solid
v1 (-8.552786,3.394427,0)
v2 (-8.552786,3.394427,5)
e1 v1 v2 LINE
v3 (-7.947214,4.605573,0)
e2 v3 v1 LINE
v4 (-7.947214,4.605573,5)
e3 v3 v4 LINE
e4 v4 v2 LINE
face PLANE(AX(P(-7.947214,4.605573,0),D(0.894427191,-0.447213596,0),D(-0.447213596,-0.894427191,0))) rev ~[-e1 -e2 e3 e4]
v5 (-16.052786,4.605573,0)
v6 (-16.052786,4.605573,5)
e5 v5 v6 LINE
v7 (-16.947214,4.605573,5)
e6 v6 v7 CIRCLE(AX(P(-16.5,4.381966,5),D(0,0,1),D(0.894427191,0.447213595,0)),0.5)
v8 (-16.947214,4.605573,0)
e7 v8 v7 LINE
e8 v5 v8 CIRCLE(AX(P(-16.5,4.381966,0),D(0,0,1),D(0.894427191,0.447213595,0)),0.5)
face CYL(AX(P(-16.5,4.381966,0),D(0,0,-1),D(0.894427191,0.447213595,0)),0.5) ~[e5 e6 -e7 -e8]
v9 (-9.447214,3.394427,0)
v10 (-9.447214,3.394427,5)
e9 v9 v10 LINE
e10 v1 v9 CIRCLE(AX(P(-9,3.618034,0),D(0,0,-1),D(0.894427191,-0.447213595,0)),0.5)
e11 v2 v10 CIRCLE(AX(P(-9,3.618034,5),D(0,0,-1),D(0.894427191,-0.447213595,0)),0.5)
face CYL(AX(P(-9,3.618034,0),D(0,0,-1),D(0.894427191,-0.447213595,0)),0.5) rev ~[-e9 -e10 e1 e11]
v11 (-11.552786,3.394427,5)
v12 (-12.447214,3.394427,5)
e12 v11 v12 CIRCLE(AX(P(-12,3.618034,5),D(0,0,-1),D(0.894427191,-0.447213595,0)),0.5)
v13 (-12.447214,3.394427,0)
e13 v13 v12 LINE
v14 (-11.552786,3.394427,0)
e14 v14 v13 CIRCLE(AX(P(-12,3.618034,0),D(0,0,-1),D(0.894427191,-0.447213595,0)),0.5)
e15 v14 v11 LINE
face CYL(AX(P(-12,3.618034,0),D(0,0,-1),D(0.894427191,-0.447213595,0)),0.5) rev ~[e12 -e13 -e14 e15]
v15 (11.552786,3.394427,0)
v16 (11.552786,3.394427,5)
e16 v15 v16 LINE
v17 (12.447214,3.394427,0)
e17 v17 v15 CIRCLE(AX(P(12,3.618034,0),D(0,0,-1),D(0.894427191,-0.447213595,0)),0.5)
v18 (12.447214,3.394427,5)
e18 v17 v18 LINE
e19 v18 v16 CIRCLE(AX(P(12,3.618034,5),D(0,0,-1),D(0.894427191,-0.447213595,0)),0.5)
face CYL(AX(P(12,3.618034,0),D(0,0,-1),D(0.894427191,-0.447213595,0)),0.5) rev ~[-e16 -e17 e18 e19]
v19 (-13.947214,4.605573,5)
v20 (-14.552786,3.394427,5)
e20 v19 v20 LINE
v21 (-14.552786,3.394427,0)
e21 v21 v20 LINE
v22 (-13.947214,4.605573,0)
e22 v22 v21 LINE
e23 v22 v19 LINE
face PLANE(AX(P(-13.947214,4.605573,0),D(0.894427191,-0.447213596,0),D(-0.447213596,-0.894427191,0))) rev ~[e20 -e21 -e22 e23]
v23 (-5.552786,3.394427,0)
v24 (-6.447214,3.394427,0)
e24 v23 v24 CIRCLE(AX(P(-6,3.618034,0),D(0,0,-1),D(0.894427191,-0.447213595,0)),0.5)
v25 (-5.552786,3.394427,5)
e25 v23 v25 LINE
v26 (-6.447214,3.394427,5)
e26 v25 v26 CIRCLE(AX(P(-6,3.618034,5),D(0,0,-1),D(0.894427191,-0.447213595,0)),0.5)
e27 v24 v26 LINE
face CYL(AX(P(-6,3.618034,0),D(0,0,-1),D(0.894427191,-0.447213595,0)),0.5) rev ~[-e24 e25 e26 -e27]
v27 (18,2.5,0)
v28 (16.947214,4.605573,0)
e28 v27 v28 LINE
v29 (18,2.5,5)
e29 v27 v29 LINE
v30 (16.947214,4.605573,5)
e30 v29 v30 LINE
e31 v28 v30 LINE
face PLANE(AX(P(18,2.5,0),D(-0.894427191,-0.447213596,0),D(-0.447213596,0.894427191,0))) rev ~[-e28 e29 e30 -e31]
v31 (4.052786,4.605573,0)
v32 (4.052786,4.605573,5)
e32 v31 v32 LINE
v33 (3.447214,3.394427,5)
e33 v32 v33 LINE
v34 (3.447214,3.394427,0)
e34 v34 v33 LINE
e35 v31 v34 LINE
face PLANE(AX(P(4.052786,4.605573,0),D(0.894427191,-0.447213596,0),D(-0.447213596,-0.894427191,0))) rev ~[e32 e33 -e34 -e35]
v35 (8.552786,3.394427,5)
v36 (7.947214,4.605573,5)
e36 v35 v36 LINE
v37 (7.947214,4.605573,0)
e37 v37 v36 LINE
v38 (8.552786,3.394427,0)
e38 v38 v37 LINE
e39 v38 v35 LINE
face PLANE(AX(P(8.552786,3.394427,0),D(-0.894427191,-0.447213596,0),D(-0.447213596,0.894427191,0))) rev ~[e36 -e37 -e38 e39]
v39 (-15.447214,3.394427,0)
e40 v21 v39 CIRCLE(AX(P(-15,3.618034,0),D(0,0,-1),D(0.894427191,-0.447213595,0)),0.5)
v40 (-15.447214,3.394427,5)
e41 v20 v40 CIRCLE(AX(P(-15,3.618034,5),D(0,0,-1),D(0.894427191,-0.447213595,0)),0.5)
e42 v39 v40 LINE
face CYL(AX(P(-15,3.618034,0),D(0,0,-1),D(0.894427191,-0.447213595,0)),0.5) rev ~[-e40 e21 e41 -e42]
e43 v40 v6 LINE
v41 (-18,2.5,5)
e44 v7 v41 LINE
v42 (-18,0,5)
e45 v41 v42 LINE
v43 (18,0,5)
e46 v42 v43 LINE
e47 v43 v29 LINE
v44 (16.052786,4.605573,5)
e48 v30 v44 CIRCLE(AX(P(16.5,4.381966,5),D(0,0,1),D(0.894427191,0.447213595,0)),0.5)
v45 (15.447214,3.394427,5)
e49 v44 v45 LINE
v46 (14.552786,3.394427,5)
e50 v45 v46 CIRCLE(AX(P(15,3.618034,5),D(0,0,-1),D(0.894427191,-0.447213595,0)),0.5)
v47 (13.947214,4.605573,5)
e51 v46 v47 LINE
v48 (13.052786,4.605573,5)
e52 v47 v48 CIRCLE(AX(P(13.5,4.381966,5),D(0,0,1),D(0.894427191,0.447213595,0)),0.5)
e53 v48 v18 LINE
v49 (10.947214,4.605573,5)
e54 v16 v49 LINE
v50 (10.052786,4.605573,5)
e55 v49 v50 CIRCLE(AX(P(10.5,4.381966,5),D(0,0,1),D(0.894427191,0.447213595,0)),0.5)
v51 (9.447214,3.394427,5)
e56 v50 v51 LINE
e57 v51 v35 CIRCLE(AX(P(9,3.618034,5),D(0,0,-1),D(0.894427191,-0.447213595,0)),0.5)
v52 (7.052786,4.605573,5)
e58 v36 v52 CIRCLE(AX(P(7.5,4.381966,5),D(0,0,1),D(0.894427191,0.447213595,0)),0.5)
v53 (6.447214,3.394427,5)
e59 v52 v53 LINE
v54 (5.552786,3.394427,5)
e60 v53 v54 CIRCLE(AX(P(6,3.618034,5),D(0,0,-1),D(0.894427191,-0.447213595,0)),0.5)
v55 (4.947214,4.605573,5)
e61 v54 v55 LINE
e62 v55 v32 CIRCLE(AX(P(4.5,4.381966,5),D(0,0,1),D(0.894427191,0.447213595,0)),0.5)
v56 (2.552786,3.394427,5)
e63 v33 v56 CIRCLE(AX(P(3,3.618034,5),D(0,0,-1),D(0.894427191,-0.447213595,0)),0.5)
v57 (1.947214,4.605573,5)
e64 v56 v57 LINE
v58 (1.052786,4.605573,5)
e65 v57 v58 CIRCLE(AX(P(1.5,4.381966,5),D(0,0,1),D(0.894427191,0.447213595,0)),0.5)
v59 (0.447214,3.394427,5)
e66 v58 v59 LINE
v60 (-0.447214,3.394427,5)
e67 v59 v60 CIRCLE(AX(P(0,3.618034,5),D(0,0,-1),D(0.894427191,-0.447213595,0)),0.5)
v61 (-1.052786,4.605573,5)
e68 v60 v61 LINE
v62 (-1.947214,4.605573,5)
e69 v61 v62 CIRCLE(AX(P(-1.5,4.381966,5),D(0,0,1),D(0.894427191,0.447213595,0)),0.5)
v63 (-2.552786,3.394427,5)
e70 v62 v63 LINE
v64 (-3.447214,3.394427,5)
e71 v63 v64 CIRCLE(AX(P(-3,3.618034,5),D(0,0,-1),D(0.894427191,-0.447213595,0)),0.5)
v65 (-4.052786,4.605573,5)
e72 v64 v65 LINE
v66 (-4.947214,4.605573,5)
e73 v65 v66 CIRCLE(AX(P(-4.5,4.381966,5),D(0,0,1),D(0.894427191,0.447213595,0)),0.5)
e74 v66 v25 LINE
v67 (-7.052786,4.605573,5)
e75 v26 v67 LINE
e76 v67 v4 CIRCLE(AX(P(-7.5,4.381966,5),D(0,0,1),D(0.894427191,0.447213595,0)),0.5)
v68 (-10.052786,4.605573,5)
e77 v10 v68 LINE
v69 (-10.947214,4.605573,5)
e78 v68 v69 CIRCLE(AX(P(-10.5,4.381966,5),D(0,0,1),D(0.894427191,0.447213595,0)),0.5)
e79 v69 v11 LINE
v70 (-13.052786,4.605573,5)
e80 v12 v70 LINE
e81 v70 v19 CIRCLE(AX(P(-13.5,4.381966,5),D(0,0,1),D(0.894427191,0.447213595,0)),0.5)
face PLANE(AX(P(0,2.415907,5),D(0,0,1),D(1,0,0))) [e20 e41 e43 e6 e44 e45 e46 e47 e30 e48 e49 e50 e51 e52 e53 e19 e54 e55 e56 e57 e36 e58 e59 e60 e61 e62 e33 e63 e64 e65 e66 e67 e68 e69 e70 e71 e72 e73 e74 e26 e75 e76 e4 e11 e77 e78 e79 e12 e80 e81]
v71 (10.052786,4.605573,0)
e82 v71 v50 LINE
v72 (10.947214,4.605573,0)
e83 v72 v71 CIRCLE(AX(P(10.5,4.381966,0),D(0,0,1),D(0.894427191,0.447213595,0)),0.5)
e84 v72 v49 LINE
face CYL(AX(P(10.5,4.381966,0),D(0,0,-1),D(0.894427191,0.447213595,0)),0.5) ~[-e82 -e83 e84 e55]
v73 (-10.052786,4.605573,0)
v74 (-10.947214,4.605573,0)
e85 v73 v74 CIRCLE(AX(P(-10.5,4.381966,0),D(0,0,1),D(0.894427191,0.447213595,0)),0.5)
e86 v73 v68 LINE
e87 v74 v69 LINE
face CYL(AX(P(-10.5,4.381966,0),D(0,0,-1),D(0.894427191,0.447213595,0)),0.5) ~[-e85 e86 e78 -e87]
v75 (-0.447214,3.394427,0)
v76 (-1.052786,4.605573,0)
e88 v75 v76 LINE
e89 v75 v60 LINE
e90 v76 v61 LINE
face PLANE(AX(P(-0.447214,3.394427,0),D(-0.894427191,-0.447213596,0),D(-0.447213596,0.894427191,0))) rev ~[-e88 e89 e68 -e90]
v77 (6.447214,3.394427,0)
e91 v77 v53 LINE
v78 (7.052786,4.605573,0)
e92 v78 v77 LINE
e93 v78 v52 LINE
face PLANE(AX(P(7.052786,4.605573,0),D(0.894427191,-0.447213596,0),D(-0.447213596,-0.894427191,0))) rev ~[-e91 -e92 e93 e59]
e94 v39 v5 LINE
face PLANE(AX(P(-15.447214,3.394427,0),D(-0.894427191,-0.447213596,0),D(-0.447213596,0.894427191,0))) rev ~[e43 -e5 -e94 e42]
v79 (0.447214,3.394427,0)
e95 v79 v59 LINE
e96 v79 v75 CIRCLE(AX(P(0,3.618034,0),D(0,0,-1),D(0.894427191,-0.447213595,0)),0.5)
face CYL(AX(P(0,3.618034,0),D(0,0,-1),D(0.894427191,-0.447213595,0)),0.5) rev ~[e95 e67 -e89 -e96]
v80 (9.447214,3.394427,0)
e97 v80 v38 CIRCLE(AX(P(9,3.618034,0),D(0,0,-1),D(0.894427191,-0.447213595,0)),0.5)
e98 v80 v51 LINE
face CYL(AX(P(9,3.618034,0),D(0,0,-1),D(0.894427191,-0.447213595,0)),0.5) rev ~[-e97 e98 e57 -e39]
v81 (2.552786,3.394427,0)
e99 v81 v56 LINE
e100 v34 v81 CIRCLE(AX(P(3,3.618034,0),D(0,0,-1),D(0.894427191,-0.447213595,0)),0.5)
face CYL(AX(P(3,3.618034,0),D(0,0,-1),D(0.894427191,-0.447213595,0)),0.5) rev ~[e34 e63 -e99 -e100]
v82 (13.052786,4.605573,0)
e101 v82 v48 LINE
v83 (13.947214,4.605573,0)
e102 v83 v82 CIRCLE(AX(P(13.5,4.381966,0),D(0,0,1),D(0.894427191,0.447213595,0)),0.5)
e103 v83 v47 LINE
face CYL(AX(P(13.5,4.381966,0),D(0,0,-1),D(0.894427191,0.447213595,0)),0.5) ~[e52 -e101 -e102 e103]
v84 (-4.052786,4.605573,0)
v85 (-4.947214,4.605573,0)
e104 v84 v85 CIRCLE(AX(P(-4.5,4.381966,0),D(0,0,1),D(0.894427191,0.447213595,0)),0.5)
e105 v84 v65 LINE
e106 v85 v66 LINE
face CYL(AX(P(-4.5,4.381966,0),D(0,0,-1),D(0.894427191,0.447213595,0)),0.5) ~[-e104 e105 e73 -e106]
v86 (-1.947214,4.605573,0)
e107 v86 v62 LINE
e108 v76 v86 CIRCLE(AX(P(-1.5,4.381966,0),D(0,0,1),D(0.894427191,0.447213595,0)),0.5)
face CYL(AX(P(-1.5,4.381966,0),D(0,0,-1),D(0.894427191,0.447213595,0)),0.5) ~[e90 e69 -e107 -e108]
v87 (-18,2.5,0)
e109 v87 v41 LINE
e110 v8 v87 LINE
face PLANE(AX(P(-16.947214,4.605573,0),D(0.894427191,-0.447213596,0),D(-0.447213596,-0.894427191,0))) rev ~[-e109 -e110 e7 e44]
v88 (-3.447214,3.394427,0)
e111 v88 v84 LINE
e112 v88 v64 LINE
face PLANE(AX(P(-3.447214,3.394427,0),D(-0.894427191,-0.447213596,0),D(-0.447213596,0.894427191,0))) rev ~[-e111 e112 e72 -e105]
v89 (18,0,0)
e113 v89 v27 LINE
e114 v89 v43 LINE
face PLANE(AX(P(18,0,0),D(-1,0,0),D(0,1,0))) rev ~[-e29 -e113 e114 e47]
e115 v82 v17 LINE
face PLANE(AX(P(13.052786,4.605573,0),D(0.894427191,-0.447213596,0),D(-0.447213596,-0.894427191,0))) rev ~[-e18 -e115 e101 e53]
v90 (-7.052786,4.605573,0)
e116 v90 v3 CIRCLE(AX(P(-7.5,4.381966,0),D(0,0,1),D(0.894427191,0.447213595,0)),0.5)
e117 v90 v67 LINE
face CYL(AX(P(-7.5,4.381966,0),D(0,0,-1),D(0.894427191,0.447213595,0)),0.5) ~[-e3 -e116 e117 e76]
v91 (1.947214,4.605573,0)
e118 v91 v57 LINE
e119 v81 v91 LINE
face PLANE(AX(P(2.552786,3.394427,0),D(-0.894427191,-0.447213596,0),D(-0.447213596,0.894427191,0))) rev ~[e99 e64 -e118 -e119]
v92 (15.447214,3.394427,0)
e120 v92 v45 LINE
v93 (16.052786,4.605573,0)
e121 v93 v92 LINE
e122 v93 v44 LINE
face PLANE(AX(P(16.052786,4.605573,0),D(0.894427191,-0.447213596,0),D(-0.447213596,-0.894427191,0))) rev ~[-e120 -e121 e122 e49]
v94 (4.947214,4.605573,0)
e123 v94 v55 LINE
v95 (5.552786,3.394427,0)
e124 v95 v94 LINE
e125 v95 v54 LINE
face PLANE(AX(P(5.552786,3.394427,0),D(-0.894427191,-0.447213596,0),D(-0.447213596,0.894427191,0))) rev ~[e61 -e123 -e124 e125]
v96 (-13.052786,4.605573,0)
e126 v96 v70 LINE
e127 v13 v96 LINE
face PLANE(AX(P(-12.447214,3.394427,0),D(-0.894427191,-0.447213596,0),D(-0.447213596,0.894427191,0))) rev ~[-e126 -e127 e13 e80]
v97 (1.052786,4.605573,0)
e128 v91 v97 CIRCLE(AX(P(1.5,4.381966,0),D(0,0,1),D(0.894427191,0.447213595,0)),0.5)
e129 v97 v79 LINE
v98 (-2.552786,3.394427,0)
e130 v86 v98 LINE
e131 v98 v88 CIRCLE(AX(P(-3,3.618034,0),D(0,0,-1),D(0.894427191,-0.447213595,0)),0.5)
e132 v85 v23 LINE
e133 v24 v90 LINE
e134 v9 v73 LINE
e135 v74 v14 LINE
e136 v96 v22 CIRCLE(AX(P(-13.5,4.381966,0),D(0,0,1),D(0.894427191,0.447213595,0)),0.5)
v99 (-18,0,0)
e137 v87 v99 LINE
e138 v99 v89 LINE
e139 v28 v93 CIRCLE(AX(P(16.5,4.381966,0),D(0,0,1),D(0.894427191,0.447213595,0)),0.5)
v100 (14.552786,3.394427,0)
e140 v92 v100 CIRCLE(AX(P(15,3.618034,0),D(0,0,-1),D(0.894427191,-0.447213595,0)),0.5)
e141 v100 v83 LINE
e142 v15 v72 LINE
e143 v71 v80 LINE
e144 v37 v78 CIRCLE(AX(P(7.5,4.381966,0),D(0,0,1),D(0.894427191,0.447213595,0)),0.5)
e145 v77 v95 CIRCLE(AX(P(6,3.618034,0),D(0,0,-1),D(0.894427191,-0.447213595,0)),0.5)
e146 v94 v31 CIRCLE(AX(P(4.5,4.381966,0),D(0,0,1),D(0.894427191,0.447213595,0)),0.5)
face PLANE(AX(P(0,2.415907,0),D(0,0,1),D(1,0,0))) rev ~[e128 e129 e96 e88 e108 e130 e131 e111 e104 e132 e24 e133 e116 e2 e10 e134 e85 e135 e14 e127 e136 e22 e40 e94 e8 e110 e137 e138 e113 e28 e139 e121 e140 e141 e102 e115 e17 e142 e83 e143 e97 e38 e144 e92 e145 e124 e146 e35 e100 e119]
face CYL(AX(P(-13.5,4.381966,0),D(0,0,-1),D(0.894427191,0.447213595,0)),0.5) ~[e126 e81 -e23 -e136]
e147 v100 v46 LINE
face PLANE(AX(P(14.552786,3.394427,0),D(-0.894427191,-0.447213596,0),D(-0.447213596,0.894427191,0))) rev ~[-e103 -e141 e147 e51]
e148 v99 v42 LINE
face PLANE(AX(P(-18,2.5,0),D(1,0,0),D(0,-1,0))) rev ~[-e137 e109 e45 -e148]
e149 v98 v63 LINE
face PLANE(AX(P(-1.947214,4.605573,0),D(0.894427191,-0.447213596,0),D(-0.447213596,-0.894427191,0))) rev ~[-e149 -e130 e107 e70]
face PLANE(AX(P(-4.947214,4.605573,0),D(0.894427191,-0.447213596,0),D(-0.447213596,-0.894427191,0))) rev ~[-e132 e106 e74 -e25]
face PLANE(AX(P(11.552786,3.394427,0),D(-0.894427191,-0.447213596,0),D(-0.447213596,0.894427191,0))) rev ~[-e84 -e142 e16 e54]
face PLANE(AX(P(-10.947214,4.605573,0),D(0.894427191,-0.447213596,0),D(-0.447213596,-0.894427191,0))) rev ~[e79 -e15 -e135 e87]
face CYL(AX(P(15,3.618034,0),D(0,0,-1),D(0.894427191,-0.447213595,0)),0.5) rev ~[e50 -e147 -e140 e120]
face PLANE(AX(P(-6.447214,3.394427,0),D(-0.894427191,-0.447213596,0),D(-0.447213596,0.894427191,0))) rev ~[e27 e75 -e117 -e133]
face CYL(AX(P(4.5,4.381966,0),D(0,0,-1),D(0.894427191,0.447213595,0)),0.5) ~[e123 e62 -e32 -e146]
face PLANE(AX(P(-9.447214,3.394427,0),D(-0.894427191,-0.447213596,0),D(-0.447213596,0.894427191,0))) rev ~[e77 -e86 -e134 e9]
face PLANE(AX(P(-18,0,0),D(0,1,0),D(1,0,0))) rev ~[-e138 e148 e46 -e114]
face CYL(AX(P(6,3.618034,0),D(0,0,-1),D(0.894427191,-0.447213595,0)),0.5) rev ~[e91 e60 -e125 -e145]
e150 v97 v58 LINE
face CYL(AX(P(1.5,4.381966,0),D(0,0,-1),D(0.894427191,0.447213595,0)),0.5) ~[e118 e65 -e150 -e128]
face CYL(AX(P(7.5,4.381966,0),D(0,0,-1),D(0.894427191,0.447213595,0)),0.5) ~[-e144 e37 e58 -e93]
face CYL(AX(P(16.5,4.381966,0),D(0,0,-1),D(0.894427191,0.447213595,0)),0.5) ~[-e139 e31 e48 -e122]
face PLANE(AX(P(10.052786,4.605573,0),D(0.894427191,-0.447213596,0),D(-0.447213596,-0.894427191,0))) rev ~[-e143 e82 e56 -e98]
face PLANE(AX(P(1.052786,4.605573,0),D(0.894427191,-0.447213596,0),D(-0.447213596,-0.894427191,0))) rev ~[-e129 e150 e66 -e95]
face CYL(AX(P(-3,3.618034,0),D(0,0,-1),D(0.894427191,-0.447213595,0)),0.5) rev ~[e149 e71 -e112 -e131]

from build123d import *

# Parameters (mm, degrees)
BOSS_EXTRUDE1_DEPTH = 5


with BuildPart() as part:
    # Sketch2 → Boss-Extrude1 (new body)
    with BuildSketch(Plane.XY):
        with BuildLine():
            Line((-18, 0), (18, 0))
            Line((18, 0), (18, 2.5))
            Line((18, 2.5), (16.947213595, 4.605572809))
            ThreePointArc((16.947213595, 4.605572809), (16.5, 4.881966011), (16.052786405, 4.605572809))
            Line((16.052786405, 4.605572809), (15.447213595, 3.394427191))
            ThreePointArc((15.447213595, 3.394427191), (15, 3.118033989), (14.552786405, 3.394427191))
            Line((14.552786405, 3.394427191), (13.947213595, 4.605572809))
            ThreePointArc((13.947213595, 4.605572809), (13.5, 4.881966011), (13.052786405, 4.605572809))
            Line((13.052786405, 4.605572809), (12.447213595, 3.394427191))
            ThreePointArc((12.447213595, 3.394427191), (12, 3.118033989), (11.552786405, 3.394427191))
            Line((11.552786405, 3.394427191), (10.947213595, 4.605572809))
            ThreePointArc((10.947213595, 4.605572809), (10.5, 4.881966011), (10.052786405, 4.605572809))
            Line((10.052786405, 4.605572809), (9.447213595, 3.394427191))
            ThreePointArc((9.447213595, 3.394427191), (9, 3.118033989), (8.552786405, 3.394427191))
            Line((8.552786405, 3.394427191), (7.947213595, 4.605572809))
            ThreePointArc((7.947213595, 4.605572809), (7.5, 4.881966011), (7.052786405, 4.605572809))
            Line((7.052786405, 4.605572809), (6.447213595, 3.394427191))
            ThreePointArc((6.447213595, 3.394427191), (6, 3.118033989), (5.552786405, 3.394427191))
            Line((5.552786405, 3.394427191), (4.947213595, 4.605572809))
            ThreePointArc((4.947213595, 4.605572809), (4.5, 4.881966011), (4.052786405, 4.605572809))
            Line((4.052786405, 4.605572809), (3.447213595, 3.394427191))
            ThreePointArc((3.447213595, 3.394427191), (3, 3.118033989), (2.552786405, 3.394427191))
            Line((2.552786405, 3.394427191), (1.947213595, 4.605572809))
            ThreePointArc((1.947213595, 4.605572809), (1.5, 4.881966011), (1.052786405, 4.605572809))
            Line((1.052786405, 4.605572809), (0.447213595, 3.394427191))
            ThreePointArc((0.447213595, 3.394427191), (0, 3.118033989), (-0.447213595, 3.394427191))
            Line((-0.447213595, 3.394427191), (-1.052786405, 4.605572809))
            ThreePointArc((-1.052786405, 4.605572809), (-1.5, 4.881966011), (-1.947213595, 4.605572809))
            Line((-1.947213595, 4.605572809), (-2.552786405, 3.394427191))
            ThreePointArc((-2.552786405, 3.394427191), (-3, 3.118033989), (-3.447213595, 3.394427191))
            Line((-3.447213595, 3.394427191), (-4.052786405, 4.605572809))
            ThreePointArc((-4.052786405, 4.605572809), (-4.5, 4.881966011), (-4.947213595, 4.605572809))
            Line((-4.947213595, 4.605572809), (-5.552786405, 3.394427191))
            ThreePointArc((-5.552786405, 3.394427191), (-6, 3.118033989), (-6.447213595, 3.394427191))
            Line((-6.447213595, 3.394427191), (-7.052786405, 4.605572809))
            ThreePointArc((-7.052786405, 4.605572809), (-7.5, 4.881966011), (-7.947213595, 4.605572809))
            Line((-7.947213595, 4.605572809), (-8.552786405, 3.394427191))
            ThreePointArc((-8.552786405, 3.394427191), (-9, 3.118033989), (-9.447213595, 3.394427191))
            Line((-9.447213595, 3.394427191), (-10.052786405, 4.605572809))
            ThreePointArc((-10.052786405, 4.605572809), (-10.5, 4.881966011), (-10.947213595, 4.605572809))
            Line((-10.947213595, 4.605572809), (-11.552786405, 3.394427191))
            ThreePointArc((-11.552786405, 3.394427191), (-12, 3.118033989), (-12.447213595, 3.394427191))
            Line((-12.447213595, 3.394427191), (-13.052786405, 4.605572809))
            ThreePointArc((-13.052786405, 4.605572809), (-13.5, 4.881966011), (-13.947213595, 4.605572809))
            Line((-13.947213595, 4.605572809), (-14.552786405, 3.394427191))
            ThreePointArc((-14.552786405, 3.394427191), (-15, 3.118033989), (-15.447213595, 3.394427191))
            Line((-15.447213595, 3.394427191), (-16.052786405, 4.605572809))
            ThreePointArc((-16.052786405, 4.605572809), (-16.5, 4.881966011), (-16.947213595, 4.605572809))
            Line((-16.947213595, 4.605572809), (-18, 2.5))
            Line((-18, 2.5), (-18, 0))
        make_face()
    extrude(amount=BOSS_EXTRUDE1_DEPTH)


solid = part.part
